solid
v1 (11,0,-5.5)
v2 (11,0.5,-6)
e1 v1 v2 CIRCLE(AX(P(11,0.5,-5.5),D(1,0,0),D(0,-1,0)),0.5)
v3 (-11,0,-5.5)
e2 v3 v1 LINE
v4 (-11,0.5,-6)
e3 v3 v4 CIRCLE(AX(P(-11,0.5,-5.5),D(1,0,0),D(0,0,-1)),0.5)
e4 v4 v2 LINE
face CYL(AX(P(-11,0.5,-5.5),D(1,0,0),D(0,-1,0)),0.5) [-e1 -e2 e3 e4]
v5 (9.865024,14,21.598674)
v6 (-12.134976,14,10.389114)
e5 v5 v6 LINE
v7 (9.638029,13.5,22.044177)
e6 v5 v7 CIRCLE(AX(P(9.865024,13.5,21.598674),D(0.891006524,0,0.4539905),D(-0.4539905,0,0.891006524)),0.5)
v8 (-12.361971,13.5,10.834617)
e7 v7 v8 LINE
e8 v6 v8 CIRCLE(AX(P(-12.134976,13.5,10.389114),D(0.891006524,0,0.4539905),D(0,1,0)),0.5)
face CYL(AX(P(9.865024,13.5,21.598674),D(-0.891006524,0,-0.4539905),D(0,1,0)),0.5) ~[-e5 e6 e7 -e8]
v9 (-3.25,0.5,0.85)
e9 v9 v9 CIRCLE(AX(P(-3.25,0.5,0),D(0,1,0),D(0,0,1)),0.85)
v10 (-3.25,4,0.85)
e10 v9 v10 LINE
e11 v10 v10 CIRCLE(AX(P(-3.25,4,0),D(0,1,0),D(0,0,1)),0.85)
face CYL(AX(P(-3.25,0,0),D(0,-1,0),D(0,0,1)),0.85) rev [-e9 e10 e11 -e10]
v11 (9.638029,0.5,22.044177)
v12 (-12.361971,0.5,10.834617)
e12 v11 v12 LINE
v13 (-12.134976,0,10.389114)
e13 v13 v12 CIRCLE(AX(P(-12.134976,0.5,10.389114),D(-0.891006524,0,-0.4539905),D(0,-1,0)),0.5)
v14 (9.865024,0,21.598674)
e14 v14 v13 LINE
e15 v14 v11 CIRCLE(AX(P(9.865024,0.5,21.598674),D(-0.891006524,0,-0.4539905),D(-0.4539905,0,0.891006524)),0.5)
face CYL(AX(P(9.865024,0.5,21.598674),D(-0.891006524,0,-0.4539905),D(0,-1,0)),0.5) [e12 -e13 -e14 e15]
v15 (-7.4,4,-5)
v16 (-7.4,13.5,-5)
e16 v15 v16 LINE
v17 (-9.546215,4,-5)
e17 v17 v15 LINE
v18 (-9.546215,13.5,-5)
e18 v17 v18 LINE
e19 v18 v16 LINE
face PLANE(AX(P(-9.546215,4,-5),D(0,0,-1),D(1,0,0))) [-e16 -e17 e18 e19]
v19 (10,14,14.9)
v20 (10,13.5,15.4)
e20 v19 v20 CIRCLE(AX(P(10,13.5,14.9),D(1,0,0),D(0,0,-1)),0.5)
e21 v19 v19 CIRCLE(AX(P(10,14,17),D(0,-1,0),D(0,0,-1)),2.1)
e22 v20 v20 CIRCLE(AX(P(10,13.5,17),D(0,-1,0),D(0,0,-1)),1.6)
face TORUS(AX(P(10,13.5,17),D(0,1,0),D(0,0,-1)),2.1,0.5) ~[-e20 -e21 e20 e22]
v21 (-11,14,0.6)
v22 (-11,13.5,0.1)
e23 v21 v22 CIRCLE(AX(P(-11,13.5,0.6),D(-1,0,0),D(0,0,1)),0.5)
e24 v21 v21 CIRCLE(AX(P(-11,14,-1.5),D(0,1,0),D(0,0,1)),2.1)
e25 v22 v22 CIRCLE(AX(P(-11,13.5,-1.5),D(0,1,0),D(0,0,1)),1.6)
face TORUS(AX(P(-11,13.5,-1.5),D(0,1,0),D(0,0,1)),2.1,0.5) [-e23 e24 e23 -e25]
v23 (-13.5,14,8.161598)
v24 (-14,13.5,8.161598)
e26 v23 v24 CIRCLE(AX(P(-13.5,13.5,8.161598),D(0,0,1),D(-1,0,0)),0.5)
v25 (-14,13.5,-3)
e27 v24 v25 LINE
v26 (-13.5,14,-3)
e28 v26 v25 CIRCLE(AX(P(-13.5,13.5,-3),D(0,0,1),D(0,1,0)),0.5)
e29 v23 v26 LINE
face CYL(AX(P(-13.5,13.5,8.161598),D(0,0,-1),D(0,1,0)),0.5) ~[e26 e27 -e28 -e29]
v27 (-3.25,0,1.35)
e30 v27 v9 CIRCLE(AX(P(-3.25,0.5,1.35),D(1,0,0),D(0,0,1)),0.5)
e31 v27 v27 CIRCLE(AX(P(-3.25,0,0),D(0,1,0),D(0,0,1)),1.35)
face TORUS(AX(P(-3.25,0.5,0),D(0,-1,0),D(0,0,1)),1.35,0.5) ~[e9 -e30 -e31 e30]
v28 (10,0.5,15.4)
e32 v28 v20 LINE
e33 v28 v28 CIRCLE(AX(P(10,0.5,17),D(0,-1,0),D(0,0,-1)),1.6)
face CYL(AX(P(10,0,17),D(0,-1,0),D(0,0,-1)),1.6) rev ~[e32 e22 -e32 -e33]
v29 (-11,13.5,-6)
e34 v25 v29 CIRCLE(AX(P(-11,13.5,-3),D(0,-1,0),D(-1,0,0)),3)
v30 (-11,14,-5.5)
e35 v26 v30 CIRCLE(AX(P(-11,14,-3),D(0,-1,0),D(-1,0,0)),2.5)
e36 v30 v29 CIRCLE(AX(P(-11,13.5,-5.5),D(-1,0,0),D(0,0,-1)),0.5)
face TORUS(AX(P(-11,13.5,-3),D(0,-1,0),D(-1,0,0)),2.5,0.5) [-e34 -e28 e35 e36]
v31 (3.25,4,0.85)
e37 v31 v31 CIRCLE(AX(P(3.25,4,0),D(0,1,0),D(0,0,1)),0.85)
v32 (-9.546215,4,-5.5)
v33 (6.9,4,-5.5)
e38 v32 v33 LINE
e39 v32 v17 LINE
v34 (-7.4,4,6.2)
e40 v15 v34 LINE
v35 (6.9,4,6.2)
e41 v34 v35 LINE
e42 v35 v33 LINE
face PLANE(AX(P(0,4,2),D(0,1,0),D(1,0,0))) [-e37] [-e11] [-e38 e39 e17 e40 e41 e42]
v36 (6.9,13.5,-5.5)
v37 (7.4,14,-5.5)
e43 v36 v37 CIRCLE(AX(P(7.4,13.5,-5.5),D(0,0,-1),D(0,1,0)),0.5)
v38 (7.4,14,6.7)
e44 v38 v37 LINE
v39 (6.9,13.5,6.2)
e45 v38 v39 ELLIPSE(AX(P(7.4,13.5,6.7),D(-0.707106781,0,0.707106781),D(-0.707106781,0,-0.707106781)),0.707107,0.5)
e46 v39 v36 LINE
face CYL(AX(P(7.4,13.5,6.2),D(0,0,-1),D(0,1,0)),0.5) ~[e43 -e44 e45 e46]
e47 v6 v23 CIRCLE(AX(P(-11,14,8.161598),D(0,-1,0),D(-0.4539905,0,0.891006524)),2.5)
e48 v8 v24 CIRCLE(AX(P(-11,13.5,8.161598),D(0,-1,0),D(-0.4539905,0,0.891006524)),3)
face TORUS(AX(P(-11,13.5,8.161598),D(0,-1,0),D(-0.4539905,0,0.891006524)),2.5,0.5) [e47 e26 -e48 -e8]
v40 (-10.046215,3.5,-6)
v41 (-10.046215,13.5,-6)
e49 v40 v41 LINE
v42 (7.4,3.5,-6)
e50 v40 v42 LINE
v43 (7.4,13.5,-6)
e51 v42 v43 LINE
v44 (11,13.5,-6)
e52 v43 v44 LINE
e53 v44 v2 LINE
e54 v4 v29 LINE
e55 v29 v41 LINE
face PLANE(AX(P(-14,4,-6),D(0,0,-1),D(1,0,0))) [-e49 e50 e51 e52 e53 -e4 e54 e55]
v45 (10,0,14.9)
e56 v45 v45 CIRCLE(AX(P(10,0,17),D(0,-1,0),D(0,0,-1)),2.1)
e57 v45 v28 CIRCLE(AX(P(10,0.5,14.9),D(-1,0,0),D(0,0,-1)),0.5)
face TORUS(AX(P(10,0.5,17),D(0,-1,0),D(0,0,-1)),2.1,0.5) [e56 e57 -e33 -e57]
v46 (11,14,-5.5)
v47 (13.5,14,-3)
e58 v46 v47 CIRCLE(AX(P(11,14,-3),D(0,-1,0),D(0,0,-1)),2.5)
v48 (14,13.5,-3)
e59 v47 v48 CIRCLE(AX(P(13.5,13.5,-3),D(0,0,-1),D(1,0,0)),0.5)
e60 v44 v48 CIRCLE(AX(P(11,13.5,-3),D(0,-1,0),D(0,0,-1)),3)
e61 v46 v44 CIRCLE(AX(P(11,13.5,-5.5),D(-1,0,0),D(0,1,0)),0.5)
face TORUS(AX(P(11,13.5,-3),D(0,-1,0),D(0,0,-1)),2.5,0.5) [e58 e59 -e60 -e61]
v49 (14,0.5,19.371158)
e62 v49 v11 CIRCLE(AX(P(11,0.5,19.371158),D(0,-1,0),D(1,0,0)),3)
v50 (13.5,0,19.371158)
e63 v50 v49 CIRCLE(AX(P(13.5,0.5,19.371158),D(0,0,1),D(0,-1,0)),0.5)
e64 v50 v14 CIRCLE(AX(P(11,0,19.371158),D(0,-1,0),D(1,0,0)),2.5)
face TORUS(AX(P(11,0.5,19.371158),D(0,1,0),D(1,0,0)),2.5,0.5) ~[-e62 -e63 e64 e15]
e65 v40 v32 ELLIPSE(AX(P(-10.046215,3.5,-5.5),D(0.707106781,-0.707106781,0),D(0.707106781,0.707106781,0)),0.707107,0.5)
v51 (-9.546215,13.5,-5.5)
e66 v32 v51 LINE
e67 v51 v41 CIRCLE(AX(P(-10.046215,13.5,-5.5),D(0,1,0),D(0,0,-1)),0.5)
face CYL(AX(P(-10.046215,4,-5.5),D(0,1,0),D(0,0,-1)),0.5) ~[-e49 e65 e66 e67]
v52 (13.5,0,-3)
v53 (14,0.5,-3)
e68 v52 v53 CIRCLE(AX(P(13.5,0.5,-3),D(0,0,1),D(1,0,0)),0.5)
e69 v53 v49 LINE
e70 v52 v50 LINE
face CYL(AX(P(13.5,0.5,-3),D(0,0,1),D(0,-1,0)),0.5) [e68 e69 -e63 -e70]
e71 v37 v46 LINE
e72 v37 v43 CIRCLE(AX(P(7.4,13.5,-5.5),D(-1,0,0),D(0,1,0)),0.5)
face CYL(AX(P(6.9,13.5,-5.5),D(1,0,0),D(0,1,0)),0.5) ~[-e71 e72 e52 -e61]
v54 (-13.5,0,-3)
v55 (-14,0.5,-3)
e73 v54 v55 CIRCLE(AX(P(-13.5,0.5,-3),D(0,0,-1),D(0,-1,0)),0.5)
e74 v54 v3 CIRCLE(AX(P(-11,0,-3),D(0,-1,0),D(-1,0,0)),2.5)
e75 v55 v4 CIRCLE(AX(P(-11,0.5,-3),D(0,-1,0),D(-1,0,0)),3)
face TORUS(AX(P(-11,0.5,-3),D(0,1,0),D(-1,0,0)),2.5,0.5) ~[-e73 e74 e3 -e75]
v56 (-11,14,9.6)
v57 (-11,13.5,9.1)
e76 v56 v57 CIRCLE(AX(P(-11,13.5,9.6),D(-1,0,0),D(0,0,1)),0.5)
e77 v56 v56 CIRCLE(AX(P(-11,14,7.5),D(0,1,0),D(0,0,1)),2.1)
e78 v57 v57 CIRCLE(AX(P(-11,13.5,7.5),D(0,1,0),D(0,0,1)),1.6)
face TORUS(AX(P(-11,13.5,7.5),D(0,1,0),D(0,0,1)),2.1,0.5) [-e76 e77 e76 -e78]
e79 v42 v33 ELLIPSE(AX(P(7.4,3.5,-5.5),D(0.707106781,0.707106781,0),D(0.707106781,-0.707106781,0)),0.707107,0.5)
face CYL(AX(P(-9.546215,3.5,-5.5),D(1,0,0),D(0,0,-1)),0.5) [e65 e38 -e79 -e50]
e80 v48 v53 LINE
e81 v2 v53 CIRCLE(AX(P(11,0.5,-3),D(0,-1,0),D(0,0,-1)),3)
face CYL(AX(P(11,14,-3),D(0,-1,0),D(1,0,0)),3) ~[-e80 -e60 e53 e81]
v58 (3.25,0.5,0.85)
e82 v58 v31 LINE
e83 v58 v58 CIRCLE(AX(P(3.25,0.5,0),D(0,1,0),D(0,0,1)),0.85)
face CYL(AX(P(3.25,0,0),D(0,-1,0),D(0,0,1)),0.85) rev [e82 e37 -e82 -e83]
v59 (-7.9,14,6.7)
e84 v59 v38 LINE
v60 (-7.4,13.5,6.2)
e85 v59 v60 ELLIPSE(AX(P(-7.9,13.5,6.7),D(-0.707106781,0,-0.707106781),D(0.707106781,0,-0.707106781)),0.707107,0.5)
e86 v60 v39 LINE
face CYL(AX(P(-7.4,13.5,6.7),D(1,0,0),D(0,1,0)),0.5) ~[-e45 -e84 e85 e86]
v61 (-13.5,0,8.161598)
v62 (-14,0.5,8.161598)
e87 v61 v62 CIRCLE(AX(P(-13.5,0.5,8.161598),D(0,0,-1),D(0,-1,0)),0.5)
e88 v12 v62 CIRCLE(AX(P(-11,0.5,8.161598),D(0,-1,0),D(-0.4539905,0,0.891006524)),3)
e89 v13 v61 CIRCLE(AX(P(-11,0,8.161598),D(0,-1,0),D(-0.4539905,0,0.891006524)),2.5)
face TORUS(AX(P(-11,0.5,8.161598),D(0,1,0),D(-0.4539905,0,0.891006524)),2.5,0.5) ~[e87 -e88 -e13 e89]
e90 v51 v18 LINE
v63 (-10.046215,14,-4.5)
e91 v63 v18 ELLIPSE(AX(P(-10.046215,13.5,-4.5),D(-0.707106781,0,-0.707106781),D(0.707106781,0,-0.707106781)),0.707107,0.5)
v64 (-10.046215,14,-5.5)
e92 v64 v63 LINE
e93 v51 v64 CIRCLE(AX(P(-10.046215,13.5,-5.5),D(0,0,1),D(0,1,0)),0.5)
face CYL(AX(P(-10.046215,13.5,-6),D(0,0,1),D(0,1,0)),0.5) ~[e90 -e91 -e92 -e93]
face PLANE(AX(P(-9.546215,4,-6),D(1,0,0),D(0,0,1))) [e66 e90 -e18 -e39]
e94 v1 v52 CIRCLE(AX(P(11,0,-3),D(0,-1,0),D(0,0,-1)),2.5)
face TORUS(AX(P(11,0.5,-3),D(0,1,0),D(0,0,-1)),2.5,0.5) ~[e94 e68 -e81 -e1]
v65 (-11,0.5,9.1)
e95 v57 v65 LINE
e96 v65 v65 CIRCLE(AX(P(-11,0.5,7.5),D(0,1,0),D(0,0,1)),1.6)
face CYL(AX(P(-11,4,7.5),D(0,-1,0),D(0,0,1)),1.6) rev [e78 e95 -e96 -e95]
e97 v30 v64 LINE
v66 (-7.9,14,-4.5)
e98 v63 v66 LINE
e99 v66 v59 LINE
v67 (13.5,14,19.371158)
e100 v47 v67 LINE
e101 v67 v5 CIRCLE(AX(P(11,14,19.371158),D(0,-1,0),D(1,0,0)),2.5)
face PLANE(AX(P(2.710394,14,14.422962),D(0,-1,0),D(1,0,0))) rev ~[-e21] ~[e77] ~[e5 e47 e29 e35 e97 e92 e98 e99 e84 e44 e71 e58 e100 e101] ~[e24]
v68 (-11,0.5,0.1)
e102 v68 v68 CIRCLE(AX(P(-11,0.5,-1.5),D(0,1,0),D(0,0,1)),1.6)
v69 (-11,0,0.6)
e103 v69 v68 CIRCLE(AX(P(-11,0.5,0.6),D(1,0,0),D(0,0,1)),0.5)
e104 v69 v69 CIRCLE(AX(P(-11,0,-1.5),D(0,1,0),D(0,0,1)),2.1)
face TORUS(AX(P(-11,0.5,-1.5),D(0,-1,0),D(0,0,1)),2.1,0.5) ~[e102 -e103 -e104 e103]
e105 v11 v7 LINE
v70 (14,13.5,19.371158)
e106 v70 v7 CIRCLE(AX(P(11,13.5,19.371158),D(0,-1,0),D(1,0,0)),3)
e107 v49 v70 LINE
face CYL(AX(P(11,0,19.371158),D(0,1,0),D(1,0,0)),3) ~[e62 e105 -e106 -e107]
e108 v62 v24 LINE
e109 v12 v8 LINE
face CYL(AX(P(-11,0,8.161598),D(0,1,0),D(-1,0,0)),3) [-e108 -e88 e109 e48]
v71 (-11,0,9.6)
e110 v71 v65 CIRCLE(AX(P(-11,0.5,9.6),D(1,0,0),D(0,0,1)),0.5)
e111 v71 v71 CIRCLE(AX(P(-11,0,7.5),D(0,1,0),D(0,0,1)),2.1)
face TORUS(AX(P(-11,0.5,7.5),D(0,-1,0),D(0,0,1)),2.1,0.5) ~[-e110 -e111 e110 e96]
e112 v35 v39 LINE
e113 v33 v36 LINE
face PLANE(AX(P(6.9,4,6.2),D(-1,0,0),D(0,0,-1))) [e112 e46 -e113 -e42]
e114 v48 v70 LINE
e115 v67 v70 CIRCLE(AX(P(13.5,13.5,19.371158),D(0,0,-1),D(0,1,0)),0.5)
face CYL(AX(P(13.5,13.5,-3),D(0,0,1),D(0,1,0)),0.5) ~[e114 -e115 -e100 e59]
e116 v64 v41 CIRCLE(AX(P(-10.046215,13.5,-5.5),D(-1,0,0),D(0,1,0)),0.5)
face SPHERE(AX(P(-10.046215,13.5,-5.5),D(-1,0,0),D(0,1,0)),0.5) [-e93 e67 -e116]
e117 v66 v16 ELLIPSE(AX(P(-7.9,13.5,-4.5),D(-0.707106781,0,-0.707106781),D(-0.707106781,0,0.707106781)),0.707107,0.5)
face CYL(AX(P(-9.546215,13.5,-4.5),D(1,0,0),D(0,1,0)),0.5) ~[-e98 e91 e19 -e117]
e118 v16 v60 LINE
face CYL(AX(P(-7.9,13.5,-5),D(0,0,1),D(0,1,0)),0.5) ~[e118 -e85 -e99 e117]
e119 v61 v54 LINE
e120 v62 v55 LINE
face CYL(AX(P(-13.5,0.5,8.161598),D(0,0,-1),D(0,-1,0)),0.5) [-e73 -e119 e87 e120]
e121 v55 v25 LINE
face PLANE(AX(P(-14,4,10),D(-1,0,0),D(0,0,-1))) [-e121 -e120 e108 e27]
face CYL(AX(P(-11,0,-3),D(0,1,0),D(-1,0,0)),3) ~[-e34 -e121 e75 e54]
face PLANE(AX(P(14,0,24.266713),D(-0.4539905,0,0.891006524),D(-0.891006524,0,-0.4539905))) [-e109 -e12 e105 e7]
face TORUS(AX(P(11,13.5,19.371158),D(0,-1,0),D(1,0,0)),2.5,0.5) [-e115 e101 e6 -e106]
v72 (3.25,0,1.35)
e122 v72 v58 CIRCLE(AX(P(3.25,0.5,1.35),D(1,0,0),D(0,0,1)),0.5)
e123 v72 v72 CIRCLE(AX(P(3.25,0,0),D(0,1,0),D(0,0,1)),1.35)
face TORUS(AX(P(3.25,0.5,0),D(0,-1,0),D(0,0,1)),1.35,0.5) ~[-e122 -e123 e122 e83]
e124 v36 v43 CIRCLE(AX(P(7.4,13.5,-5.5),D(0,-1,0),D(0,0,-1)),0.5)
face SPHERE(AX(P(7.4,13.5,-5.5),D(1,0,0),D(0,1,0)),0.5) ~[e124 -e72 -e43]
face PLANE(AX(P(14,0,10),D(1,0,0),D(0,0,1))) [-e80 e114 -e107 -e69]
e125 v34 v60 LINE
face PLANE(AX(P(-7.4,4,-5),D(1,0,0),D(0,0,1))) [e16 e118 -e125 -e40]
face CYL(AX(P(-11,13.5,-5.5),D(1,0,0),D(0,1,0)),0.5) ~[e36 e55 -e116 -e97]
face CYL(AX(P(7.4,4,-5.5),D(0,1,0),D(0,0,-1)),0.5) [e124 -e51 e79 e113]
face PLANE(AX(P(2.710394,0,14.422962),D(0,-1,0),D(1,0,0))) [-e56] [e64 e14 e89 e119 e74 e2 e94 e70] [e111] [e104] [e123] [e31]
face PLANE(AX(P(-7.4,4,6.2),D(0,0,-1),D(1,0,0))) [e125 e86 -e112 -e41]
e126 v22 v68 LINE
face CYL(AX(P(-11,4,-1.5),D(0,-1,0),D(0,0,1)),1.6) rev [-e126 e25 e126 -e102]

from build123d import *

# Parameters (mm, degrees)
SKETCH1_W           = 28
SKETCH1_H           = 16
SKETCH1_R           = 0.85
SKETCH1_R_2         = 1.6
BOSS_EXTRUDE1_DEPTH = 4
SKETCH2_R           = 1.6
BOSS_EXTRUDE2_DEPTH = 10
SKETCH4_R           = 1.6
BOSS_EXTRUDE3_DEPTH = 14
FILLET2_R           = 3
FILLET1_R           = 0.5


with BuildPart() as part:
    # Sketch1 → Boss-Extrude1 (new body)
    with BuildSketch(Plane(origin=(0, 0, 0), x_dir=(1, 0, 0), z_dir=(0, 1, 0))):
        with Locations((0, -2)):
            Rectangle(SKETCH1_W, SKETCH1_H)
        with Locations(Location((3.25, 0, 0), (0, 0, 270))):
            Circle(SKETCH1_R, mode=Mode.SUBTRACT)
        with Locations(Location((-3.25, 0, 0), (0, 0, 270))):
            Circle(SKETCH1_R, mode=Mode.SUBTRACT)
        with Locations(Location((-11, -7.5, 0), (0, 0, 270))):
            Circle(SKETCH1_R_2, mode=Mode.SUBTRACT)
        with Locations(Location((-11, 1.5, 0), (0, 0, 270))):
            Circle(SKETCH1_R_2, mode=Mode.SUBTRACT)
    extrude(amount=BOSS_EXTRUDE1_DEPTH)

    # Sketch2 → Boss-Extrude2 (add)
    with BuildSketch(Plane(origin=(0, 4, 0), x_dir=(1, 0, 0), z_dir=(0, 1, 0))):
        Polygon((-9.546214808, 6), (-9.546214808, 5), (-7.4, 5), (-7.4, -6.2), (6.9, -6.2), (6.9, 6), (14, 6), (14, -10), (-14, -10), (-14, 6), align=None)
        with Locations(Location((-11, -7.5, 0), (0, 0, 270))):
            Circle(SKETCH2_R, mode=Mode.SUBTRACT)
        with Locations(Location((-11, 1.5, 0), (0, 0, 270))):
            Circle(SKETCH2_R, mode=Mode.SUBTRACT)
    extrude(amount=BOSS_EXTRUDE2_DEPTH)

    # Sketch4 → Boss-Extrude3 (add, through all)
    with BuildSketch(Plane.XZ):
        Polygon((14, 10), (14, 24.266712586), (-14, 10), align=None)
        with Locations(Location((10, 17, 0), (0, 0, 270))):
            Circle(SKETCH4_R, mode=Mode.SUBTRACT)
    extrude(amount=-BOSS_EXTRUDE3_DEPTH)

    # Fillet2
    fillet2_edges = [part.edges().sort_by_distance(p)[0] for p in [
        (14, 7, 24.266712586),
        (-14, 7, 10),
        (-14, 7, -6),
        (14, 7, -6),
    ]]
    fillet(fillet2_edges, radius=FILLET2_R)

    # Fillet1
    fillet1_edges = [part.edges().sort_by_distance(p)[0] for p in [
        (3.25, 0, -0.85),
        (-3.25, 0, -0.85),
        (-11, 0, 5.9),
        (-11, 0, -3.1),
        (-1.323107404, 4, -6),
        (-10.273107404, 14, -6),
        (6.9, 14, 0.1),
        (-0.25, 14, 6.2),
        (-7.4, 14, 0.6),
        (-8.473107404, 14, -5),
        (-9.546214808, 14, -5.5),
        (-9.546214808, 9, -6),
        (6.9, 9, -6),
        (-11, 14, 5.9),
        (-11, 14, -3.1),
        (10, 14, 18.6),
        (10, 0, 18.6),
        (-14, 0, 2.580798818),
        (-14, 14, 2.580798818),
        (14, 0, 8.185578762),
        (-1.361971499, 0, 16.439397153),
        (0, 0, -6),
        (12.567495694, 0, 21.929078018),
        (-13.557920493, 0, 9.72909333),
        (13.121320344, 0, -5.121320344),
        (-13.121320344, 0, -5.121320344),
        (8.95, 14, -6),
        (-1.361971499, 14, 16.439397153),
        (14, 14, 8.185578762),
        (12.567495694, 14, 21.929078018),
        (-13.557920493, 14, 9.72909333),
        (13.121320344, 14, -5.121320344),
        (-13.121320344, 14, -5.121320344),
    ]]
    fillet(fillet1_edges, radius=FILLET1_R)


solid = part.part
